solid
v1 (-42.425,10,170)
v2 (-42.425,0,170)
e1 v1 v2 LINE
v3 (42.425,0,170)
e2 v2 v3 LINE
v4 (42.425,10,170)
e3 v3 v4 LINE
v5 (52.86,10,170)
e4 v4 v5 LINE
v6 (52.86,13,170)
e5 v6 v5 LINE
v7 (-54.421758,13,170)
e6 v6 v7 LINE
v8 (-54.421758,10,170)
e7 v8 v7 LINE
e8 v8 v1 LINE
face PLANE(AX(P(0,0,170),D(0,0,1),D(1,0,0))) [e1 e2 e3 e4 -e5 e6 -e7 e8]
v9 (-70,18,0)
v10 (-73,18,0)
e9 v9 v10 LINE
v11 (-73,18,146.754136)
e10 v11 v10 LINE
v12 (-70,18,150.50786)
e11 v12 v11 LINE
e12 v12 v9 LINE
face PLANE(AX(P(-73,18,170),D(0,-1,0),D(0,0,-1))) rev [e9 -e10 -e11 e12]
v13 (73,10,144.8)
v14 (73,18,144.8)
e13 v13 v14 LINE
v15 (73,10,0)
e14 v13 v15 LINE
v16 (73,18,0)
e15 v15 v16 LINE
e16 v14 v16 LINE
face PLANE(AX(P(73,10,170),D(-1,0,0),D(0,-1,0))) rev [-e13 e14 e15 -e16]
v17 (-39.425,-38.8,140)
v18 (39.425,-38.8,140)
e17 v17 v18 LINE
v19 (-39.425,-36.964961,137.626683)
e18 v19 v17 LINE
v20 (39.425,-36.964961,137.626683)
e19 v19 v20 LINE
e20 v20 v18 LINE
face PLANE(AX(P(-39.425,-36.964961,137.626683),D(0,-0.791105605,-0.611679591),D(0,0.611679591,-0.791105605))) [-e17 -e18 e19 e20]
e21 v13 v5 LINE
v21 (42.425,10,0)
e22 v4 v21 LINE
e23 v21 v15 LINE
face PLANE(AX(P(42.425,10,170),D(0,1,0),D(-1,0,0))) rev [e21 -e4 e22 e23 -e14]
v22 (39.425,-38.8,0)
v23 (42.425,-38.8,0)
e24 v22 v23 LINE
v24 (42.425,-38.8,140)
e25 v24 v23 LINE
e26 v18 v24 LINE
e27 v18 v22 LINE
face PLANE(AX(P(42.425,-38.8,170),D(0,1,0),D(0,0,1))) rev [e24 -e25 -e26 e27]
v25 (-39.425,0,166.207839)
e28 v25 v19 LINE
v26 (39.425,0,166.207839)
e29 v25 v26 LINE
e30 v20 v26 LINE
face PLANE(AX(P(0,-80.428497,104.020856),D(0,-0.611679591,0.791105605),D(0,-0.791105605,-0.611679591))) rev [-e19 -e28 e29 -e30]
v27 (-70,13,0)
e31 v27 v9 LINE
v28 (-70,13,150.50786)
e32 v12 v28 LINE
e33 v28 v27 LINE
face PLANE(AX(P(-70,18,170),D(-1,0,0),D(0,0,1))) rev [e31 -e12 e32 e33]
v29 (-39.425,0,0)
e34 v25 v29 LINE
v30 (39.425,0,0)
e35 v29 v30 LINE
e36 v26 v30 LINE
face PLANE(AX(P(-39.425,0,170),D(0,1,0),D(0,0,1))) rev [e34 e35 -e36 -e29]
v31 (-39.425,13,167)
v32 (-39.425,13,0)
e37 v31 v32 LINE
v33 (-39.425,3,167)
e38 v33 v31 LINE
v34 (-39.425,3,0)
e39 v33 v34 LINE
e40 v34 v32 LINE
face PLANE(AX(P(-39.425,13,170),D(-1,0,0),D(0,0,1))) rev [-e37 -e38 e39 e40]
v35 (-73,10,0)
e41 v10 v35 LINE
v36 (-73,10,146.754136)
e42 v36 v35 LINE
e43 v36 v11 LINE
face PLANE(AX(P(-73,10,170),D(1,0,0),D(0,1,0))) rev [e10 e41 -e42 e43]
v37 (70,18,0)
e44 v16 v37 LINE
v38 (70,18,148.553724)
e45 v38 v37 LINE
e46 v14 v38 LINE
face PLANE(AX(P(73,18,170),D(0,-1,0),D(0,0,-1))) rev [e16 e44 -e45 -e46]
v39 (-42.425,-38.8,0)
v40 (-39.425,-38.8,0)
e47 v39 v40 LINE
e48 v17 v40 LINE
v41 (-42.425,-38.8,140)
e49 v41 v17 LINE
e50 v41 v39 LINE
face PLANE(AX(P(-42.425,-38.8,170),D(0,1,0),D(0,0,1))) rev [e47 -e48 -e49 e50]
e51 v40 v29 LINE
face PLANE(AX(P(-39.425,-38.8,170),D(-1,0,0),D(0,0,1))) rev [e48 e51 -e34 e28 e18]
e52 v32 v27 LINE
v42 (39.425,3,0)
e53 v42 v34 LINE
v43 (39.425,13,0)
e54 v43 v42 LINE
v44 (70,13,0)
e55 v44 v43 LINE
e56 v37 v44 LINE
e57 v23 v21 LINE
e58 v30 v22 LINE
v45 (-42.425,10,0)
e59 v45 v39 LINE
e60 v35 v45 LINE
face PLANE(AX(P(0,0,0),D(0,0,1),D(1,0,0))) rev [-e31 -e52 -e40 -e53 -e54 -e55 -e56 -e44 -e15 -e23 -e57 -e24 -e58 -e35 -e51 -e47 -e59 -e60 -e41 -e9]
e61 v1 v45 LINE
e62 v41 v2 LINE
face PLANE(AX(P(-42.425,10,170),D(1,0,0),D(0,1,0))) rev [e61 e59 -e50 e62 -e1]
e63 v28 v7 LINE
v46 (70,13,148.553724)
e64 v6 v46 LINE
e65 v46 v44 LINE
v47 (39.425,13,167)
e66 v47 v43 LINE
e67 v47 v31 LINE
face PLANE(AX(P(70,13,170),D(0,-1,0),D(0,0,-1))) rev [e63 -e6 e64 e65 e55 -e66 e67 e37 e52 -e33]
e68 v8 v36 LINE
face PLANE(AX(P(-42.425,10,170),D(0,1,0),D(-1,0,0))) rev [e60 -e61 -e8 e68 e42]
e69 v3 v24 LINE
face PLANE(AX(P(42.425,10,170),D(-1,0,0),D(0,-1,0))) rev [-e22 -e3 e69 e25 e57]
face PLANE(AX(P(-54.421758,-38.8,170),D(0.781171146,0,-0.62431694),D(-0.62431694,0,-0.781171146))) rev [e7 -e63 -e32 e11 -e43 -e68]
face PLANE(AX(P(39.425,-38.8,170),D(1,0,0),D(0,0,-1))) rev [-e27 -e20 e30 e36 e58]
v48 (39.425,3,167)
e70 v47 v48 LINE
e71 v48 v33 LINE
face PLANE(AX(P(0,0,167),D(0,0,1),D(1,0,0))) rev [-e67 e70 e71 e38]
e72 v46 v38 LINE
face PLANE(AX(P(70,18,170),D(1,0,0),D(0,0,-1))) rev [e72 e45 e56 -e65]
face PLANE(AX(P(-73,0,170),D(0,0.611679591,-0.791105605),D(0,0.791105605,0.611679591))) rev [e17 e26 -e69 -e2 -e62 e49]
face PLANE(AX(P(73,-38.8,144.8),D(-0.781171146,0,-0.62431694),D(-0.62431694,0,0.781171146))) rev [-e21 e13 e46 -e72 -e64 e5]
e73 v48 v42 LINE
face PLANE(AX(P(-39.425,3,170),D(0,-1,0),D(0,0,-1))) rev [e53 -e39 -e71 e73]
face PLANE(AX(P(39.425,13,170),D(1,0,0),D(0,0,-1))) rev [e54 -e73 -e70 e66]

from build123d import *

# Parameters (mm, degrees)
Y_KSEKLIK_EKSTR_ZYON2_DEPTH = 170
KES_EKSTR_ZYON1_DEPTH       = 190.035552212
KES_EKSTR_ZYON1_DEPTH_BACK  = 190.035552212
IZIM3_W                     = 78.85
IZIM3_H                     = 49.045285197
Y_KSEKLIK_EKSTR_ZYON3_DEPTH = 3
KES_EKSTR_ZYON3_DEPTH       = 190.035552212
KES_EKSTR_ZYON3_DEPTH_BACK  = 190.035552212
IZIM5_W                     = 84.85
IZIM5_H                     = 13
Y_KSEKLIK_EKSTR_ZYON4_DEPTH = 3


with BuildPart() as part:
    # Çizim1 → Yükseklik-Ekstrüzyon2 (new body)
    with BuildSketch(Plane.XY):
        Polygon((-39.425, 0), (39.425, 0), (39.425, -38.8), (42.425, -38.8), (42.425, 10), (73, 10), (73, 18), (70, 18), (70, 13), (39.425, 13), (39.425, 3), (-39.425, 3), (-39.425, 13), (-70, 13), (-70, 18), (-73, 18), (-73, 10), (-42.425, 10), (-42.425, -38.8), (-39.425, -38.8), align=None)
    extrude(amount=Y_KSEKLIK_EKSTR_ZYON2_DEPTH)

    # Çizim2 → Kes-Ekstrüzyon1 (cut, two sides: drawn at the far end of the back side and taken through both)
    with BuildSketch(Plane(origin=(0, 0, 0), x_dir=(0, 0, -1), z_dir=(1, 0, 0)).offset(-KES_EKSTR_ZYON1_DEPTH_BACK)):
        Polygon((-170, -38.8), (-170, 0), (-140, -38.8), align=None)
    extrude(amount=KES_EKSTR_ZYON1_DEPTH + KES_EKSTR_ZYON1_DEPTH_BACK, mode=Mode.SUBTRACT)

    # Çizim3 → Yükseklik-Ekstrüzyon3 (add)
    with BuildSketch(Plane(origin=(0, -82.263535985, 106.394173207), x_dir=(1, 0, 0), z_dir=(0, -0.6116795912153945, 0.7911056046385767))):
        with Locations((0, 79.462887909)):
            Rectangle(IZIM3_W, IZIM3_H)
    extrude(amount=-Y_KSEKLIK_EKSTR_ZYON3_DEPTH)

    # Çizim4 → Kes-Ekstrüzyon3 (cut, two sides: drawn at the far end of the back side and taken through both)
    with BuildSketch(Plane(origin=(0, 0, 0), x_dir=(1, 0, 0), z_dir=(0, 1, 0)).offset(-KES_EKSTR_ZYON3_DEPTH_BACK)):
        Polygon((-73, -170), (-73, -146.754135669), (-54.421757633, -170), align=None)
        Polygon((52.86, -170), (73, -170), (73, -144.8), align=None)
    extrude(amount=KES_EKSTR_ZYON3_DEPTH + KES_EKSTR_ZYON3_DEPTH_BACK, mode=Mode.SUBTRACT)

    # Çizim5 → Yükseklik-Ekstrüzyon4 (add)
    with BuildSketch(Plane.XY.offset(170)):
        with Locations((0, 6.5)):
            Rectangle(IZIM5_W, IZIM5_H)
    extrude(amount=-Y_KSEKLIK_EKSTR_ZYON4_DEPTH)


solid = part.part
